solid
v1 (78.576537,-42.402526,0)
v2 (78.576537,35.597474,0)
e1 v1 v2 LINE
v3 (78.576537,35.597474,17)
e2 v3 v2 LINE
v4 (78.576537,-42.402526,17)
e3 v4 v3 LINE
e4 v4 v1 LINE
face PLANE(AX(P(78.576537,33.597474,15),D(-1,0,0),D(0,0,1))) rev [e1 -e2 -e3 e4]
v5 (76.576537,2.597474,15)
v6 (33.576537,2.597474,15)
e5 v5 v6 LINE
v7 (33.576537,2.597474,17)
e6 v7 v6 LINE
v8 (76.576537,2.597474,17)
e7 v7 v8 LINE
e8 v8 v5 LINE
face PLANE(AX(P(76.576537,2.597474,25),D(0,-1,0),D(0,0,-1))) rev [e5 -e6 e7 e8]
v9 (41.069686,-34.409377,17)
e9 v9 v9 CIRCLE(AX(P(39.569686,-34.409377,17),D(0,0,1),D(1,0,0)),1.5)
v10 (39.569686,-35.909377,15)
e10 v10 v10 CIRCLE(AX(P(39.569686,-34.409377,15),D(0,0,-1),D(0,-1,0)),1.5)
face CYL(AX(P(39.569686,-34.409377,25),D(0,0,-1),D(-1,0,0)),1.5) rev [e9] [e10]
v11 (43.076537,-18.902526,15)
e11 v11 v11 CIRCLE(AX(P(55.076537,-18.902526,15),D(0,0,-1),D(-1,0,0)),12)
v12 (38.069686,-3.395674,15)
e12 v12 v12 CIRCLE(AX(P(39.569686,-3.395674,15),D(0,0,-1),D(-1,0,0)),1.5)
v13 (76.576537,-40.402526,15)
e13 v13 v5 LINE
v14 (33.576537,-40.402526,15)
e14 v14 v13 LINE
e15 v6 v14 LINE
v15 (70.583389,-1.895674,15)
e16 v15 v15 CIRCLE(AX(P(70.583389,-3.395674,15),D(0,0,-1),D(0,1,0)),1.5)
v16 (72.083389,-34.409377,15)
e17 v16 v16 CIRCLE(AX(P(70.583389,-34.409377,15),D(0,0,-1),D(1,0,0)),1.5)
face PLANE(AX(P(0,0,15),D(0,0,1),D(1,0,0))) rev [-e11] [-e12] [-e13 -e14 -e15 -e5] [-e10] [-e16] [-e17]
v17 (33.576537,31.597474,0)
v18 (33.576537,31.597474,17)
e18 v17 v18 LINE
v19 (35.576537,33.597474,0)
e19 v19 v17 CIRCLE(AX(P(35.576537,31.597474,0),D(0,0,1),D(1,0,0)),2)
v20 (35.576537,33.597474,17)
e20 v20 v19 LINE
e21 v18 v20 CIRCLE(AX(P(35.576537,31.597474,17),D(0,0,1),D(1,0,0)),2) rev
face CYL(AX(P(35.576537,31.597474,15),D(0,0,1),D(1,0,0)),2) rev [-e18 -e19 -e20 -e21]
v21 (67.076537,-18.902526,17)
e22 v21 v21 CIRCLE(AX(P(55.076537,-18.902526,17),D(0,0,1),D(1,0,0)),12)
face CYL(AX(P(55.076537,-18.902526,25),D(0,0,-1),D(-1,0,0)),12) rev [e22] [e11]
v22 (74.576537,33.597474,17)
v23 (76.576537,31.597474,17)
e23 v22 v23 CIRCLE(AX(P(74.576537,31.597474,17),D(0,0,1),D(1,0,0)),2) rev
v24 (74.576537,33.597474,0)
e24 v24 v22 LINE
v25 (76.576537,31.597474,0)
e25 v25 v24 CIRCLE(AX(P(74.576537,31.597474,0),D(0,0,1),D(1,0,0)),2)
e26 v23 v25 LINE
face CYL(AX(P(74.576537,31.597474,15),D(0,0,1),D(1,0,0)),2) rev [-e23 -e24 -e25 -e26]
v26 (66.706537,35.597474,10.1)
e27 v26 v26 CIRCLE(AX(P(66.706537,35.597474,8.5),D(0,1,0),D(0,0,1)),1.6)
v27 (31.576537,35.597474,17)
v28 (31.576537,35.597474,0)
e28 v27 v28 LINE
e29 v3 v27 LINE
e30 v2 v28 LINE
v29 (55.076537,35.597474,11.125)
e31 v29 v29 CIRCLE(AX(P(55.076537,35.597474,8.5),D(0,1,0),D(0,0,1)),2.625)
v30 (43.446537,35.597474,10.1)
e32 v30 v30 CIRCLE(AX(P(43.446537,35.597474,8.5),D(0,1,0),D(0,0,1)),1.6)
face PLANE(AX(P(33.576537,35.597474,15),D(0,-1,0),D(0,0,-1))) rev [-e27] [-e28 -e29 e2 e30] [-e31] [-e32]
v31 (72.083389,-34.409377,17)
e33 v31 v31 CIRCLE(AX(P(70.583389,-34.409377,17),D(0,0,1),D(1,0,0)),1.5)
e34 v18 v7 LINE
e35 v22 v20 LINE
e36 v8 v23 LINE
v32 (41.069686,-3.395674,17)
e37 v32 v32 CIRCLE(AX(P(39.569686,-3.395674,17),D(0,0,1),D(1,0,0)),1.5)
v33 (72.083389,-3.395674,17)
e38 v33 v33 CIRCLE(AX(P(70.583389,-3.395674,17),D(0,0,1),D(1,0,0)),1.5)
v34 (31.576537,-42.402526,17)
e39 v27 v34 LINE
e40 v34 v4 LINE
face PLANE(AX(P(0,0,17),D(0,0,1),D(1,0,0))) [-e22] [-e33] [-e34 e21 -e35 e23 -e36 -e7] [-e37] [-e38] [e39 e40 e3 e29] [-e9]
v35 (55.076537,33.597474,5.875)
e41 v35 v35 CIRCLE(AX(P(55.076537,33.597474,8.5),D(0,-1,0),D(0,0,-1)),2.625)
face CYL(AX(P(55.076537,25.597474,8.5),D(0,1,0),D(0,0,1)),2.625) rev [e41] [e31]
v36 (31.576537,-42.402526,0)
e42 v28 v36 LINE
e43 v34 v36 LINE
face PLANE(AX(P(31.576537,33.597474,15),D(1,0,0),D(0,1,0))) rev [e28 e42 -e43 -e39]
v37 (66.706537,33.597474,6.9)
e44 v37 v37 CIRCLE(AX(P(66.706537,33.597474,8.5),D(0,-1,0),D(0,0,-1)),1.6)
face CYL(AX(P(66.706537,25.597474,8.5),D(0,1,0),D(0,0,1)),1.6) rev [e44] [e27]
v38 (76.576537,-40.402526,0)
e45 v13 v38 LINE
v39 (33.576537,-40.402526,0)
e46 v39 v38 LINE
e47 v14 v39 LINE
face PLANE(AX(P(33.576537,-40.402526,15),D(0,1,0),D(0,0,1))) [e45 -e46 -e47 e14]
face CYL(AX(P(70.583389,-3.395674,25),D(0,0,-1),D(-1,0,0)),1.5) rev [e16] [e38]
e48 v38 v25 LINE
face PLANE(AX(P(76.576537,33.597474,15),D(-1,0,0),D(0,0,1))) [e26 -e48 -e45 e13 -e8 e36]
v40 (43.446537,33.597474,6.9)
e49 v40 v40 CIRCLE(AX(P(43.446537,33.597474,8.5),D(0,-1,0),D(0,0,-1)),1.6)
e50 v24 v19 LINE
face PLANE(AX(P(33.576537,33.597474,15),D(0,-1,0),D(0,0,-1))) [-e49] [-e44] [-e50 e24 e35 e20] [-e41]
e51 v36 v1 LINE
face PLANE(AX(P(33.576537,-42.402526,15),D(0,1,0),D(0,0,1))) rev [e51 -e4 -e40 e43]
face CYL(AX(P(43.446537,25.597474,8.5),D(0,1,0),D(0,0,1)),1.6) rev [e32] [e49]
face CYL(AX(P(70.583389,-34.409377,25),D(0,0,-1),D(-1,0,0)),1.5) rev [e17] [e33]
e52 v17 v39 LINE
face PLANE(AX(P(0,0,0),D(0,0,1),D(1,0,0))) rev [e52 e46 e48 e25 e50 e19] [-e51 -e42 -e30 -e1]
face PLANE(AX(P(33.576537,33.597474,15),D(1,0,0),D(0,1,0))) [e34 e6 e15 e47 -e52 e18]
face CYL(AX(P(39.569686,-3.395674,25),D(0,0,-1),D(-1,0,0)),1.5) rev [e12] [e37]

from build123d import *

# Parameters (mm, degrees)
SKETCH1_W           = 47
SKETCH1_H           = 78
SKETCH1_W_2         = 43
SKETCH1_H_2         = 74
EXTRUDE_THIN1_DEPTH = 15
SKETCH6_W           = 47
SKETCH6_H           = 78
BOSS_EXTRUDE1_DEPTH = 2
SKETCH8_W           = 43
SKETCH8_H           = 31
CUT_EXTRUDE1_DEPTH  = 10
CUT_EXTRUDE2_DEPTH  = 10
CUT_EXTRUDE3_DEPTH  = 10
CIRPATTERN1_COUNT   = 4
SKETCH12_R          = 1.6
CUT_EXTRUDE4_DEPTH  = 10
FILLET1_R           = 2


with BuildPart() as part:
    # Sketch1 → Extrude-Thin1 (new body)
    with BuildSketch(Plane.XY):
        with Locations((55.076537335, -3.402525622)):
            Rectangle(SKETCH1_W, SKETCH1_H)
        with Locations((55.076537335, -3.402525622)):
            Rectangle(SKETCH1_W_2, SKETCH1_H_2, mode=Mode.SUBTRACT)
    extrude(amount=EXTRUDE_THIN1_DEPTH)

    # Sketch6 → Boss-Extrude1 (add)
    with BuildSketch(Plane.XY.offset(15)):
        with Locations((55.076537335, -3.402525622)):
            Rectangle(SKETCH6_W, SKETCH6_H)
    extrude(amount=BOSS_EXTRUDE1_DEPTH)

    # Sketch8 → Cut-Extrude1 (cut)
    with BuildSketch(Plane(origin=(0, 0, 15), x_dir=(-1, 0, 0), z_dir=(0, 0, -1))):
        with Locations((-55.076537335, 18.097474378)):
            Rectangle(SKETCH8_W, SKETCH8_H)
    extrude(amount=-CUT_EXTRUDE1_DEPTH, mode=Mode.SUBTRACT)

    # Sketch9 → Cut-Extrude2 (cut)
    with BuildSketch(Plane(origin=(0, 0, 15), x_dir=(-1, 0, 0), z_dir=(0, 0, -1))):
        with BuildLine():
            ThreePointArc((-43.076537335, -18.902525622), (-43.989982945, -14.310324434), (-46.591255961, -10.417244248))
            Line((-46.591255961, -10.417244248), (-63.56181871, -27.387806996))
            ThreePointArc((-63.56181871, -27.387806996), (-50.484336147, -29.989080012), (-43.076537335, -18.902525622))
        make_face()
        with BuildLine():
            Line((-63.56181871, -27.387806996), (-46.591255961, -10.417244248))
            ThreePointArc((-46.591255961, -10.417244248), (-63.56181871, -10.417244248), (-63.56181871, -27.387806996))
        make_face()
    extrude(amount=-CUT_EXTRUDE2_DEPTH, mode=Mode.SUBTRACT)

    # Sketch11 → Cut-Extrude3 (cut)
    with BuildSketch(Plane(origin=(0, 0, 15), x_dir=(-1, 0, 0), z_dir=(0, 0, -1))):
        with BuildLine():
            ThreePointArc((-38.069685624, -3.395673911), (-38.183866325, -2.821648762), (-38.509025452, -2.335013739))
            Line((-38.509025452, -2.335013739), (-40.630345796, -4.456334083))
            ThreePointArc((-40.630345796, -4.456334083), (-38.995660475, -4.78149321), (-38.069685624, -3.395673911))
        make_face()
        with BuildLine():
            Line((-40.630345796, -4.456334083), (-38.509025452, -2.335013739))
            ThreePointArc((-38.509025452, -2.335013739), (-40.630345796, -2.335013739), (-40.630345796, -4.456334083))
        make_face()
    cut_extrude3 = extrude(amount=-CUT_EXTRUDE3_DEPTH, mode=Mode.SUBTRACT)

    # CirPattern1: Cut-Extrude3 ×4 about axis
    cirpattern1_axis = Axis((55.076537335, -18.902525622, 0), (0, 0, 1))
    for i in range(1, CIRPATTERN1_COUNT):
        add(cut_extrude3.rotate(cirpattern1_axis, i * 360 / CIRPATTERN1_COUNT), mode=Mode.SUBTRACT)

    # Sketch12 → Cut-Extrude4 (cut)
    with BuildSketch(Plane(origin=(0, 35.597474378, 0), x_dir=(1, 0, 0), z_dir=(0, 1, 0))):
        with BuildLine():
            ThreePointArc((55.076537335, -5.875), (52.451537335, -8.5), (55.076537335, -11.125))
            Line((55.076537335, -11.125), (55.076537335, -5.875))
        make_face()
        with BuildLine():
            Line((55.076537335, -5.875), (55.076537335, -11.125))
            ThreePointArc((55.076537335, -11.125), (56.932692636, -10.356155301), (57.701537335, -8.5))
            ThreePointArc((57.701537335, -8.5), (56.932692636, -6.643844699), (55.076537335, -5.875))
        make_face()
        with Locations(Location((43.446537335, -8.5, 0), (0, 0, 270))):
            Circle(SKETCH12_R)
        with Locations(Location((66.706537335, -8.5, 0), (0, 0, 270))):
            Circle(SKETCH12_R)
    extrude(amount=-CUT_EXTRUDE4_DEPTH, mode=Mode.SUBTRACT)

    # Fillet1
    fillet1_edges = [part.edges().sort_by_distance(p)[0] for p in [
        (33.576537335, 33.597474378, 8.5),
        (76.576537335, 33.597474378, 8.5),
    ]]
    fillet(fillet1_edges, radius=FILLET1_R)


solid = part.part
